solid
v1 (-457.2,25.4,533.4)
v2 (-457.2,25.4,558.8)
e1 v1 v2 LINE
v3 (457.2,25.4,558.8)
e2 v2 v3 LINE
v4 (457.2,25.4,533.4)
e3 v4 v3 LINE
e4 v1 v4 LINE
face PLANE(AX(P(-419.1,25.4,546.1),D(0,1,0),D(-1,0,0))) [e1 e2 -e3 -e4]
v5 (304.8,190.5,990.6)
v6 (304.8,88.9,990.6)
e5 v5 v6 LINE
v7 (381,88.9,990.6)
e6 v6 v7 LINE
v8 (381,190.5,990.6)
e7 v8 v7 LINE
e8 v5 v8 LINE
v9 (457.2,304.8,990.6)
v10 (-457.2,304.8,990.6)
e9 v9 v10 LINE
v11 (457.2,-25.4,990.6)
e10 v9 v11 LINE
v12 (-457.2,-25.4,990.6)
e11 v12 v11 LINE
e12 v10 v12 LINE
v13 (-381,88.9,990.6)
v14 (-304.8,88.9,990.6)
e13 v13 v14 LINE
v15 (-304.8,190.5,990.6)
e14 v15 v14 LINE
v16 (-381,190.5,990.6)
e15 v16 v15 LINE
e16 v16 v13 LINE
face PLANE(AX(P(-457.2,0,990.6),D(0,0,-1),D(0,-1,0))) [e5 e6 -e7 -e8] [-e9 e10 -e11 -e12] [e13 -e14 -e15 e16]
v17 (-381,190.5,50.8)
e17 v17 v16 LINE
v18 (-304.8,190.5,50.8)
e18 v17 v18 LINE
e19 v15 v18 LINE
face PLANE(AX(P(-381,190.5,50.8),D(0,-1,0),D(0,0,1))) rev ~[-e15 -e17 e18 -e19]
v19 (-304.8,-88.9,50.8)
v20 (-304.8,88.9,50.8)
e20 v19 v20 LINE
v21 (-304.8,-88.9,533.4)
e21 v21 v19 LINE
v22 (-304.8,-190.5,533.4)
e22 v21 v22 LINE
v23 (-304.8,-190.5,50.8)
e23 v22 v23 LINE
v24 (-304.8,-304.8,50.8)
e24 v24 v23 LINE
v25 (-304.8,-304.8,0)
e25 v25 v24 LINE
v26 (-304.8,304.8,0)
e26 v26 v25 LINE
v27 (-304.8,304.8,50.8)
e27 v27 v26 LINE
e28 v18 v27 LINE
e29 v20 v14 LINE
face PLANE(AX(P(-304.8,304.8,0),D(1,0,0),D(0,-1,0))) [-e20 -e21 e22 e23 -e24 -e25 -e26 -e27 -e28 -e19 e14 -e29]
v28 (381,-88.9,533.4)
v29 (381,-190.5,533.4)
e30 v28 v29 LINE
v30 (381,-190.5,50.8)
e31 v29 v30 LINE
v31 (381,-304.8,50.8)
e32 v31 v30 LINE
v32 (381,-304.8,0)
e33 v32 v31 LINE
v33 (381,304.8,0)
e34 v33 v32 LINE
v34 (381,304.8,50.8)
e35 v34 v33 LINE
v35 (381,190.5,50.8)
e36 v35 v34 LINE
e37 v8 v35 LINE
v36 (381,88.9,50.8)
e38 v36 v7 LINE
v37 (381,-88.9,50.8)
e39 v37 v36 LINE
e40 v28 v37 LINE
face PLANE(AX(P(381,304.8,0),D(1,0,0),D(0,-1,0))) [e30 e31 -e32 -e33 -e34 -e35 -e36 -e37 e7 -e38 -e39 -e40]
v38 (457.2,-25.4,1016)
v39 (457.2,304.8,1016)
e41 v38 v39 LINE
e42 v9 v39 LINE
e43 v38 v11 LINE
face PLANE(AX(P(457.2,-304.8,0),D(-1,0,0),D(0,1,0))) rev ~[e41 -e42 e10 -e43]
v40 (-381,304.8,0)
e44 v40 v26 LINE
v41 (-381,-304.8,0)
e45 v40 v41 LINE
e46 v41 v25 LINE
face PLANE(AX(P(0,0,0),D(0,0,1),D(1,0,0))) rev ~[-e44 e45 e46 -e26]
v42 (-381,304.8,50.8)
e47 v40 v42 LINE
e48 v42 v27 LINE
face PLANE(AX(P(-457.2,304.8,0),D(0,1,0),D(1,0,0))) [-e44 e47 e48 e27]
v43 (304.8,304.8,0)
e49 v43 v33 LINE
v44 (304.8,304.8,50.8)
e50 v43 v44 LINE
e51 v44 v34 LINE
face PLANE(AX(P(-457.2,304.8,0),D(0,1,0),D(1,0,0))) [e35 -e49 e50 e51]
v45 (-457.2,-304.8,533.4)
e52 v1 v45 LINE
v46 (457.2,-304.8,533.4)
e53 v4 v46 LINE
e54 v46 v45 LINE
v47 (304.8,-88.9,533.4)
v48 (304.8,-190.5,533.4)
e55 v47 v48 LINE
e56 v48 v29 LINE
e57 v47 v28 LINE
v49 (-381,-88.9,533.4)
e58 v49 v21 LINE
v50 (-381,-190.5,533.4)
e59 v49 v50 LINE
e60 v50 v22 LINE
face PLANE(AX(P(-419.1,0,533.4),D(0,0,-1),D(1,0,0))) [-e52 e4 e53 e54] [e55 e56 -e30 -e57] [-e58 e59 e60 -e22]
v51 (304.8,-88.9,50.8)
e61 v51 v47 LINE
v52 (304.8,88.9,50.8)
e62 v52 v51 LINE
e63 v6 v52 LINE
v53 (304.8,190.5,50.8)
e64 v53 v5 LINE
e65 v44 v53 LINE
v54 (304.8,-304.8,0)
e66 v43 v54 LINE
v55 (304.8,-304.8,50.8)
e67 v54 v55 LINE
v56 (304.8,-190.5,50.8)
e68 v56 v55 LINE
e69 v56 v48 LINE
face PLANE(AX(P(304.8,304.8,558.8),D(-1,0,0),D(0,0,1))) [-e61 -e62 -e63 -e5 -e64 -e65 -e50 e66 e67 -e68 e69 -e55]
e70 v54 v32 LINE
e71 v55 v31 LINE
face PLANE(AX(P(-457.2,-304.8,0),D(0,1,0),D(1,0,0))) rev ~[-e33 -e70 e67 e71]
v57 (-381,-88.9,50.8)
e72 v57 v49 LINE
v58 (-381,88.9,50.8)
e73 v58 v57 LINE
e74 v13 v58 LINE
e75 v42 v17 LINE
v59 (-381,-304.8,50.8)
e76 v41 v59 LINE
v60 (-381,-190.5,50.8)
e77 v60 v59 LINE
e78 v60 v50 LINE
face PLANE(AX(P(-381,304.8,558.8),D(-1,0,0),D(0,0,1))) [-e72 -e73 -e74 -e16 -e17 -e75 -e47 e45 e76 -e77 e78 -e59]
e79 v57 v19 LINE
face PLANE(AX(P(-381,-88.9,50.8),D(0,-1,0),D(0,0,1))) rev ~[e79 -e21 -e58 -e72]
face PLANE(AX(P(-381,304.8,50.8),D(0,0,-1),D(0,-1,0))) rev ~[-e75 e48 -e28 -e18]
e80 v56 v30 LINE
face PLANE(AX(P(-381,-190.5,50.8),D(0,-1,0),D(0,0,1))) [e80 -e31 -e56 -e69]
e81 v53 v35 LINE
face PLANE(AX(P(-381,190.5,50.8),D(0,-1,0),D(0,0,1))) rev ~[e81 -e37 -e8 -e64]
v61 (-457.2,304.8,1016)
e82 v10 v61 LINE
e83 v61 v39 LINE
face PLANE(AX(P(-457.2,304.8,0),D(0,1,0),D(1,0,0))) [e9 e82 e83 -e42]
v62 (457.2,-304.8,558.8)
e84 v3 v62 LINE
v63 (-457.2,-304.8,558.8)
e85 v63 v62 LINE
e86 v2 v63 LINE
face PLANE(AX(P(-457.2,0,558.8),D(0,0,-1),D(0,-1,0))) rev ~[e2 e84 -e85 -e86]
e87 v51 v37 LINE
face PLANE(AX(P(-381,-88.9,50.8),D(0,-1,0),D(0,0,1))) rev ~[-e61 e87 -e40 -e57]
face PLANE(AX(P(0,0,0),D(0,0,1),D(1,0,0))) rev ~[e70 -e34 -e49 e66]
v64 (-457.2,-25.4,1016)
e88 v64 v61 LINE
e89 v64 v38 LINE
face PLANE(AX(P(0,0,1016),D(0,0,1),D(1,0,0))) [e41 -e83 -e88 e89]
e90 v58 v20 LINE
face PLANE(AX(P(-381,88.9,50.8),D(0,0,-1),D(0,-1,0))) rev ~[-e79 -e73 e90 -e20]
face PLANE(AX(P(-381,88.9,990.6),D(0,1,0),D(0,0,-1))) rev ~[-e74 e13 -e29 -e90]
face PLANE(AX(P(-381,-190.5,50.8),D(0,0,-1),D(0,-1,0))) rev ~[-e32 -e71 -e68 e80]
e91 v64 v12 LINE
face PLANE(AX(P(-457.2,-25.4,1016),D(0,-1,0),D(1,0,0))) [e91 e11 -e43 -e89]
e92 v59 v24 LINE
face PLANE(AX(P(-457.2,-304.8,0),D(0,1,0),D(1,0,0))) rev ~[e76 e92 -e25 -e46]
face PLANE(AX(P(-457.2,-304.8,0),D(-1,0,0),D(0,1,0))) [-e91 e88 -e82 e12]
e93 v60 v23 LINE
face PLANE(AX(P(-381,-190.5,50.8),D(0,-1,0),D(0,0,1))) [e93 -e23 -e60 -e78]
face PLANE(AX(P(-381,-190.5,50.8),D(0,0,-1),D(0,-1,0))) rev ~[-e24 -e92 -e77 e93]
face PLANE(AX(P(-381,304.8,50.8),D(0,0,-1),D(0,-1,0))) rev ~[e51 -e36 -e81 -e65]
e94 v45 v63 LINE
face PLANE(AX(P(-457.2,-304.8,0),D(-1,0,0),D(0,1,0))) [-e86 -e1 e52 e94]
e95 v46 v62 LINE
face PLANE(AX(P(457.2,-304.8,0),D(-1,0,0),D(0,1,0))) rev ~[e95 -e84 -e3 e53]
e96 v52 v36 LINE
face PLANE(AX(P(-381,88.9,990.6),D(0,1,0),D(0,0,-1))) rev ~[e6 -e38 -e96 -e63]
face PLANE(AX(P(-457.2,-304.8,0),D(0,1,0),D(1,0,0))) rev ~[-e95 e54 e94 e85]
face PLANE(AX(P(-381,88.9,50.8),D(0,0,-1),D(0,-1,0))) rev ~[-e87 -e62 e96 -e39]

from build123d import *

# Parameters (mm, degrees)
F0_W      = 914.4
F0_H      = 609.6
F1_DEPTH  = 1016
F2_W      = 914.4
F2_H      = 279.4
F3_DEPTH  = 457.2
F4_W      = 76.2
F4_H      = 609.6
F4_W_2    = 609.6
F5_DEPTH  = 533.4
F6_W      = 25.4
F6_H      = 431.8
F7_DEPTH  = 914.4
F8_W      = 76.2
F8_H      = 25.4
F8_W_2    = 609.6
F9_DEPTH  = 279.4
F8_H_2    = 431.8
F10_DEPTH = 431.8
F11_DEPTH = 330.2
F12_W     = 114.3
F12_H     = 939.8
F13_DEPTH = 777.24
F12_H_2   = 482.6
F14_DEPTH = 878.84


with BuildPart() as f1:
    # F0 (on Top) → F1 (new body)
    with BuildSketch(Plane.XY):
        Rectangle(F0_W, F0_H)
    extrude(amount=F1_DEPTH)

    # F2 (on face) → F3 (cut)
    with BuildSketch(Plane.XY.offset(1016)):
        with Locations((0, -165.1)):
            Rectangle(F2_W, F2_H)
    extrude(amount=-F3_DEPTH, mode=Mode.SUBTRACT)

    # F4 (on face) → F5 (cut)
    with BuildSketch(Plane(origin=(0, 0, 0), x_dir=(1, 0, 0), z_dir=(0, 0, -1))):
        with Locations((-419.1, 0)):
            Rectangle(F4_W, F4_H)
        with Locations((419.1, 0)):
            Rectangle(F4_W, F4_H)
        Rectangle(F4_W_2, F4_H)
    extrude(amount=-F5_DEPTH, mode=Mode.SUBTRACT)

    # F6 (on face) → F7 (cut)
    with BuildSketch(Plane(origin=(-457.2, 0, 0), x_dir=(0, -1, 0), z_dir=(-1, 0, 0))):
        with Locations((12.7, 774.7)):
            Rectangle(F6_W, F6_H)
    extrude(amount=-F7_DEPTH, mode=Mode.SUBTRACT)

    # F8 (on face) → F9 (cut)
    with BuildSketch(Plane(origin=(0, 304.8, 0), x_dir=(-1, 0, 0), z_dir=(0, 1, 0))):
        with Locations((-419.1, 546.1)):
            Rectangle(F8_W, F8_H)
        with Locations((0, 546.1)):
            Rectangle(F8_W_2, F8_H)
        with Locations((419.1, 546.1)):
            Rectangle(F8_W, F8_H)
    extrude(amount=-F9_DEPTH, mode=Mode.SUBTRACT)

    # F8 (on face) → F10 (cut)
    with BuildSketch(Plane(origin=(0, 304.8, 0), x_dir=(-1, 0, 0), z_dir=(0, 1, 0))):
        with Locations((0, 774.7)):
            Rectangle(F8_W_2, F8_H_2)
    extrude(amount=-F10_DEPTH, mode=Mode.SUBTRACT)

    # F8 (on face) → F11 (cut)
    with BuildSketch(Plane(origin=(0, 304.8, 0), x_dir=(-1, 0, 0), z_dir=(0, 1, 0))):
        with Locations((-419.1, 774.7)):
            Rectangle(F8_W, F8_H_2)
        with Locations((419.1, 774.7)):
            Rectangle(F8_W, F8_H_2)
    extrude(amount=-F11_DEPTH, mode=Mode.SUBTRACT)

    # F12 (on face) → F13 (cut)
    with BuildSketch(Plane(origin=(-381, 0, 0), x_dir=(0, -1, 0), z_dir=(-1, 0, 0))):
        with Locations((-247.65, 520.7)):
            Rectangle(F12_W, F12_H)
    extrude(amount=-F13_DEPTH, mode=Mode.SUBTRACT)

    # F12 (on face) → F14 (cut)
    with BuildSketch(Plane(origin=(-381, 0, 0), x_dir=(0, -1, 0), z_dir=(-1, 0, 0))):
        Polygon((0, 990.6), (-88.9, 990.6), (-88.9, 558.8), (-25.4, 558.8), (0, 558.8), align=None)
        Polygon((-88.9, 558.8), (-88.9, 50.8), (-25.4, 50.8), (-25.4, 533.4), (-25.4, 558.8), align=None)
        with Locations((31.75, 292.1)):
            Rectangle(F12_W, F12_H_2)
        with Locations((247.65, 292.1)):
            Rectangle(F12_W, F12_H_2)
    extrude(amount=-F14_DEPTH, mode=Mode.SUBTRACT)


solid = f1.part
